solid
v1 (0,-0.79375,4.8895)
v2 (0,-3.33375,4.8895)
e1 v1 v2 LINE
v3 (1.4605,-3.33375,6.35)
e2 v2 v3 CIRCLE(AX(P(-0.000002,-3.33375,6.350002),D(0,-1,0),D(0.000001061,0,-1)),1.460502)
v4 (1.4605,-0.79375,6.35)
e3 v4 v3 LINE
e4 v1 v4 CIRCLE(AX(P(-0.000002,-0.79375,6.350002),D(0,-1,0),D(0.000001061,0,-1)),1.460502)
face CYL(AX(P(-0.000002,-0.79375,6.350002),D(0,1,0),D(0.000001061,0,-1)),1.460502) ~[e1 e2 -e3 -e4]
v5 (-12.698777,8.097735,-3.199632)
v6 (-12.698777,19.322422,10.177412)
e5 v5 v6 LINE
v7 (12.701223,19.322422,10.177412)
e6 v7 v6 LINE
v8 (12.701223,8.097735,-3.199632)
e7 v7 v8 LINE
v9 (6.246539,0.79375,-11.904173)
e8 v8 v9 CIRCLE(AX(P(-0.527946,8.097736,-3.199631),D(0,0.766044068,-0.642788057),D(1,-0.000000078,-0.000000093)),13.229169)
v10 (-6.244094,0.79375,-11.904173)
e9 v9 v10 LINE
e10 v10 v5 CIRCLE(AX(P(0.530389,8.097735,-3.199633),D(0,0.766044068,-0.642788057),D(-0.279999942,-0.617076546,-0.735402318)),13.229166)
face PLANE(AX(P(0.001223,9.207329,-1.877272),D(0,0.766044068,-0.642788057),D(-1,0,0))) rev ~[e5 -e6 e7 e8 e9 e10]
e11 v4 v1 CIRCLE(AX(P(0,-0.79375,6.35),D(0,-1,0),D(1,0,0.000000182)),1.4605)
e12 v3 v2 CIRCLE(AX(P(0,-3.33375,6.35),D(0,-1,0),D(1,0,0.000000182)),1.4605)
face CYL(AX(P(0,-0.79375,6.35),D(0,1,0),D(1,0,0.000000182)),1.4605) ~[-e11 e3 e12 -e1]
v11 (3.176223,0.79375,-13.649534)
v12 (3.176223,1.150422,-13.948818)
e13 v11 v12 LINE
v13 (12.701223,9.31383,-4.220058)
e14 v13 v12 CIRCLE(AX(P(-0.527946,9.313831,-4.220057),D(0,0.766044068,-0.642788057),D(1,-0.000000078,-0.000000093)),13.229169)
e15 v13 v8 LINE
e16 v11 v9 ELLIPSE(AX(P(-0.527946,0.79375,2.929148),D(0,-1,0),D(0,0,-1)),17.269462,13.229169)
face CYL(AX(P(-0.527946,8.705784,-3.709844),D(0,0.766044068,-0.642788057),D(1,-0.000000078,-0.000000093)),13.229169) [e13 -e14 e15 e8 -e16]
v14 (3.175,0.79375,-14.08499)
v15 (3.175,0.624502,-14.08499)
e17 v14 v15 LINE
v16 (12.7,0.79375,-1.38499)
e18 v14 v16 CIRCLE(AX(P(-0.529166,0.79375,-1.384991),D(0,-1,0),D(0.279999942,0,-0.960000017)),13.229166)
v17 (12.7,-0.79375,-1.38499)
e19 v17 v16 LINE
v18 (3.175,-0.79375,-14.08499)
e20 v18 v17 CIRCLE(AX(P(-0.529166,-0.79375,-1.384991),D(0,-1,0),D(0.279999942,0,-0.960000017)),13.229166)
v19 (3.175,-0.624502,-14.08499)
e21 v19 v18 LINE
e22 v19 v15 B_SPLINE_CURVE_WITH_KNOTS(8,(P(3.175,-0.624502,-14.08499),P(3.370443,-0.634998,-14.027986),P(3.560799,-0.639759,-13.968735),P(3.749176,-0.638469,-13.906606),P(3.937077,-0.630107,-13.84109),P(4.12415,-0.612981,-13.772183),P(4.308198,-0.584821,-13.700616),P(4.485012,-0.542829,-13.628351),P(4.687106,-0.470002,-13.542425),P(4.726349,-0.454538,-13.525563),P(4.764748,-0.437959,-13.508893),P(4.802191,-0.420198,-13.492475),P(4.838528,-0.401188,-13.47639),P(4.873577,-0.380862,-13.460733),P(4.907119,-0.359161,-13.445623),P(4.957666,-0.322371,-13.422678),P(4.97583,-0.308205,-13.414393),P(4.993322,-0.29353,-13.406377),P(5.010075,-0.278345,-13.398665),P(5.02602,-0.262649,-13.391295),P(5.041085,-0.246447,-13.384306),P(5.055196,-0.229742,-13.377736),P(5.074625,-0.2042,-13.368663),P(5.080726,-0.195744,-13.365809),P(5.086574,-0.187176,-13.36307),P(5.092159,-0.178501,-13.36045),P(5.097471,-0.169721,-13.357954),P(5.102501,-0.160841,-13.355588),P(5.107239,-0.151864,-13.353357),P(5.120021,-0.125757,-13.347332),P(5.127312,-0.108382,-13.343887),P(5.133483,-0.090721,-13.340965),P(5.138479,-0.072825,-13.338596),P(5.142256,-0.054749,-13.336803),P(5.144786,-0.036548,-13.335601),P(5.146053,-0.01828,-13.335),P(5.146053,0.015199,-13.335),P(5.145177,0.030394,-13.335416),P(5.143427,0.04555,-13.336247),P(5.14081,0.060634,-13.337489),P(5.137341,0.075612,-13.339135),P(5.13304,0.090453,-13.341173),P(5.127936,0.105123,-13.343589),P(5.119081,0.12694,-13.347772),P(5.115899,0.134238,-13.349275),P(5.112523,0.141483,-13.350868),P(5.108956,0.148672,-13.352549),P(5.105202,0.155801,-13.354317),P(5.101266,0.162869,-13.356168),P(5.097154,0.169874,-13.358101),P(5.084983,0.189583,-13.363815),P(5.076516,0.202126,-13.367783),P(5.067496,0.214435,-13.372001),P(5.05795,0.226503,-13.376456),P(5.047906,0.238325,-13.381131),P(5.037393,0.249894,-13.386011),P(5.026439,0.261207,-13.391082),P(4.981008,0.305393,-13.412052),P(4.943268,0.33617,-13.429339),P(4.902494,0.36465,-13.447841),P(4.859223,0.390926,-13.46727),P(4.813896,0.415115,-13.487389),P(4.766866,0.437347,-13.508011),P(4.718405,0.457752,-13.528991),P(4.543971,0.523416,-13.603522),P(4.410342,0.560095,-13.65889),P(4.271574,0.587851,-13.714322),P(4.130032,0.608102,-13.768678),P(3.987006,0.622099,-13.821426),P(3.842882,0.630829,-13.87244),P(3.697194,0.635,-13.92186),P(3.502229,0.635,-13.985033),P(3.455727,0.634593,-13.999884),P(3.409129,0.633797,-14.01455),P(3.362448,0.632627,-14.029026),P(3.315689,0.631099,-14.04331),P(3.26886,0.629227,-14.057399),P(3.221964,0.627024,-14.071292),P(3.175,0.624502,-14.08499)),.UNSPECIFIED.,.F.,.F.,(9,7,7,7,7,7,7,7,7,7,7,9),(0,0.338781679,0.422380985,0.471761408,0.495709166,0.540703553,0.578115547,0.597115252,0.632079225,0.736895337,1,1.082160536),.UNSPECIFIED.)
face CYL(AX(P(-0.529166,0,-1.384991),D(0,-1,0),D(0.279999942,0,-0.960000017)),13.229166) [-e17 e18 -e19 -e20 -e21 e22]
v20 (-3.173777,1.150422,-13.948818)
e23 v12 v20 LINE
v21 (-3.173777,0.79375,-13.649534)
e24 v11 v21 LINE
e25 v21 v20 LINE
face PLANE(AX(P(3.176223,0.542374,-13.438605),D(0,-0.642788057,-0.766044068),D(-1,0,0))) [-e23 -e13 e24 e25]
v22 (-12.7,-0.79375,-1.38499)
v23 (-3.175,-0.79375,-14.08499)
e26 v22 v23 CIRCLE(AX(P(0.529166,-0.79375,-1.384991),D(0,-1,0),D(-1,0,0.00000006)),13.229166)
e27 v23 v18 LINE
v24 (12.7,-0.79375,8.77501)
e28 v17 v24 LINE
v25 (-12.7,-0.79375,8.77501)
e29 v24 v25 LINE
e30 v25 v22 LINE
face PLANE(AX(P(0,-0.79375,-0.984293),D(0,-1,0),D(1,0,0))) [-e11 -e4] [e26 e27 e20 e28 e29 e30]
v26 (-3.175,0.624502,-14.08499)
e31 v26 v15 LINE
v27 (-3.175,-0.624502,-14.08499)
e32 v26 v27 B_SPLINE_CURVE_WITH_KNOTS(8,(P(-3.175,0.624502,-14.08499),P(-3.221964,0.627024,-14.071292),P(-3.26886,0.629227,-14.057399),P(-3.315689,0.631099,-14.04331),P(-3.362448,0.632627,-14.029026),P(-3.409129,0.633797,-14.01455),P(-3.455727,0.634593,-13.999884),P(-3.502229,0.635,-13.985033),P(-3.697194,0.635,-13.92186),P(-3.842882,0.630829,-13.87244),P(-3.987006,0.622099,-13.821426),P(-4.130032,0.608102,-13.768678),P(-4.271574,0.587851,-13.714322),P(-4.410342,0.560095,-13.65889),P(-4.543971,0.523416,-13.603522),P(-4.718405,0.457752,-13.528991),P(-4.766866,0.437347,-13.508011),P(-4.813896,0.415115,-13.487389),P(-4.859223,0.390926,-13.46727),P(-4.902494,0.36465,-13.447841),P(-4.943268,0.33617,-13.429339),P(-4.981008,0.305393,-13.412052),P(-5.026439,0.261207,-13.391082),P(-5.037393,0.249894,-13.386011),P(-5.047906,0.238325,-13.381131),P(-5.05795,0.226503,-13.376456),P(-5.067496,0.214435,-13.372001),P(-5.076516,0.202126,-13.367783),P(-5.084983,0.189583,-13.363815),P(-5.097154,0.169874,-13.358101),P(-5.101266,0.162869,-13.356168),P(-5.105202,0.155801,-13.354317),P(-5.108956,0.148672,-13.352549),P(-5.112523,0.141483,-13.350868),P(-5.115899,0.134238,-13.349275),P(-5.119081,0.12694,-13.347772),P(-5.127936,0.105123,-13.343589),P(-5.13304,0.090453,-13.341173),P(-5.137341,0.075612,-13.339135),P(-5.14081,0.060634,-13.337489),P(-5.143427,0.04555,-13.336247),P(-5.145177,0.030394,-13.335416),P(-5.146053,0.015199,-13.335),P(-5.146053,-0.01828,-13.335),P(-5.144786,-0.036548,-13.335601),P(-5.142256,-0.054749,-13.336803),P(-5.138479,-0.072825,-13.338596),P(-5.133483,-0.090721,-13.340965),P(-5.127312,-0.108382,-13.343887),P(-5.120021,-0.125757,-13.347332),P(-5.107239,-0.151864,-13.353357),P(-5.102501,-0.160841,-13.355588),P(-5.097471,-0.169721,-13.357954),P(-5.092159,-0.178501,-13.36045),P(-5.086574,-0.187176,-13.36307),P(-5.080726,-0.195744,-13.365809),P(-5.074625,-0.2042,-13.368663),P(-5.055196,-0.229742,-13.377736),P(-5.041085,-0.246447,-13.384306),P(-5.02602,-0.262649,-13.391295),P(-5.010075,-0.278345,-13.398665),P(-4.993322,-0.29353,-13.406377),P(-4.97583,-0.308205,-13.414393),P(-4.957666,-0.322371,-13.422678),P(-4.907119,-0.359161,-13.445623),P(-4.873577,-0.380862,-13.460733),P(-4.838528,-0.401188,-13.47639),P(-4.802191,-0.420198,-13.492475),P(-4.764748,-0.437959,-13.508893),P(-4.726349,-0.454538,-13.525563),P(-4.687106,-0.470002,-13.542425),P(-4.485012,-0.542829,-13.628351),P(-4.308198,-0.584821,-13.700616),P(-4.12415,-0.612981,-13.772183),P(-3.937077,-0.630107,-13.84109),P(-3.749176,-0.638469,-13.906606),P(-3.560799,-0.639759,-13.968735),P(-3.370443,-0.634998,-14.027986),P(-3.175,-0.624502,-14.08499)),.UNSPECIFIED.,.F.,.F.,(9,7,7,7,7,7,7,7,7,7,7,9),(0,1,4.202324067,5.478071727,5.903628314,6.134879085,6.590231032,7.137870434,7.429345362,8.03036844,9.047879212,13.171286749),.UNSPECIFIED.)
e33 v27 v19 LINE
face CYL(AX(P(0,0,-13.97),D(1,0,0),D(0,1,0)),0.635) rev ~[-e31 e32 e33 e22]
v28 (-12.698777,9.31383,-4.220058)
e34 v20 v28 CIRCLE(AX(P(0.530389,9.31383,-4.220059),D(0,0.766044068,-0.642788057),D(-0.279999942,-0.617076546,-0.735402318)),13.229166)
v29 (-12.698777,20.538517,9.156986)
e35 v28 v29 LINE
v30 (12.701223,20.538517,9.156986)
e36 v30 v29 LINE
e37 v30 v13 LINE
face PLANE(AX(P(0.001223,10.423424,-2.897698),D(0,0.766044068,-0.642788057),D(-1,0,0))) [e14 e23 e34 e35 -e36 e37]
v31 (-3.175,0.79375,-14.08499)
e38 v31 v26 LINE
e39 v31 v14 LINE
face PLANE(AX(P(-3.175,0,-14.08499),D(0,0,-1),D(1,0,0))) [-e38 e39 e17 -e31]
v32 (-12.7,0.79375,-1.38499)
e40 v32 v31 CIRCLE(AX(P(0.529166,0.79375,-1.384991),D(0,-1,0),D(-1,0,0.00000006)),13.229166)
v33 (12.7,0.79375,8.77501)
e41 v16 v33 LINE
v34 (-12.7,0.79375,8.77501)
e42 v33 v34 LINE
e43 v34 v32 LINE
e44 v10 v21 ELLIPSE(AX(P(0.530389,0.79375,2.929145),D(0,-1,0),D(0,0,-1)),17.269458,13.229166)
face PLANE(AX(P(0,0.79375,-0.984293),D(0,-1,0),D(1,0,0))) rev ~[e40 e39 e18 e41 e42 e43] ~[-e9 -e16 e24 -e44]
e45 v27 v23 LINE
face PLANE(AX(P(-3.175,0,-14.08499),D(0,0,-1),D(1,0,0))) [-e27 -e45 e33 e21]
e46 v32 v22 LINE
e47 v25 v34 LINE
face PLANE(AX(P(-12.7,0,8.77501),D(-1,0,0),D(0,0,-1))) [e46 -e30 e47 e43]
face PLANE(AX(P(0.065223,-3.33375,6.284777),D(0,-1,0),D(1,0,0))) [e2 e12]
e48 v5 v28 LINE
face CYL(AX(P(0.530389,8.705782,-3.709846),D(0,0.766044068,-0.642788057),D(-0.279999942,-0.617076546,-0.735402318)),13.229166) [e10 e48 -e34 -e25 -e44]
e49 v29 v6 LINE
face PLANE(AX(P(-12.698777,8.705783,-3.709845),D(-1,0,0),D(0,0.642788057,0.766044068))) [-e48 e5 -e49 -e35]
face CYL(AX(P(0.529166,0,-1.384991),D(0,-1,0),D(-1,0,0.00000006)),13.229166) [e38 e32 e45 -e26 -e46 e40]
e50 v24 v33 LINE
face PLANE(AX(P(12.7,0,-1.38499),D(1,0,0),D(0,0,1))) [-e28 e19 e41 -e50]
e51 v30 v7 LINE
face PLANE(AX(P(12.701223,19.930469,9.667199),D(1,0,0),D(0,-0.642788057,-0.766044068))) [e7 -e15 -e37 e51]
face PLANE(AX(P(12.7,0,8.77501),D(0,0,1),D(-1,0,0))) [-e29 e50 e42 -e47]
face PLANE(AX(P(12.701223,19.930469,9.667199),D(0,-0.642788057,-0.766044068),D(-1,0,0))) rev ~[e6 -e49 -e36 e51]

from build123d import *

# Parameters (mm, degrees)
F2_W     = 25.4
F2_H     = 4.7625
F3_DEPTH = 0.79375
F4_DEPTH = 0.79375
F5_R     = 0.635
F6_DEPTH = 25.4
F8_DEPTH = 2.54


with BuildPart() as f3:
    # F2 (on face) → F3 (new body, symmetric)
    with BuildSketch(Plane(origin=(0, 6.935504, -5.819579), x_dir=(-1, 0, 0), z_dir=(0, 0.766044, -0.642788))):
        with BuildLine():
            Line((-12.701223, 15.454063), (-12.701223, 2.754063))
            ThreePointArc((-12.701223, 2.754063), (-10.055389, -5.183437), (-3.176223, -9.945937))
            Line((-3.176223, -9.945937), (-0.001223, -9.945937))
            Line((-0.001223, -9.945937), (3.173777, -9.945937))
            ThreePointArc((3.173777, -9.945937), (10.052944, -5.183437), (12.698777, 2.754063))
            Line((12.698777, 2.754063), (12.698777, 15.454063))
            Line((12.698777, 15.454063), (-12.701223, 15.454063))
        make_face()
        with Locations((-0.001223, 17.835313)):
            Rectangle(F2_W, F2_H)
    extrude(amount=F3_DEPTH, both=True)

    # F0 (on Front) → F4 (join, symmetric)
    with BuildSketch(Plane.XZ):
        with BuildLine():
            Line((-12.7, 8.77501), (-12.7, -1.38499))
            ThreePointArc((-12.7, -1.38499), (-10.054167, -9.32249), (-3.175, -14.08499))
            Line((-3.175, -14.08499), (0, -14.08499))
            Line((0, -14.08499), (3.175, -14.08499))
            ThreePointArc((3.175, -14.08499), (10.054167, -9.32249), (12.7, -1.38499))
            Line((12.7, -1.38499), (12.7, 8.77501))
            Line((12.7, 8.77501), (-12.7, 8.77501))
        make_face()
    extrude(amount=F4_DEPTH, both=True)

    # F5 (on Right) → F6 (cut, symmetric)
    with BuildSketch(Plane.YZ):
        with Locations((0, -13.97)):
            Circle(F5_R)
    extrude(amount=F6_DEPTH, both=True, mode=Mode.SUBTRACT)

    # F7 (on face) → F8 (join)
    with BuildSketch(Plane.XZ.offset(0.79375)):
        with BuildLine():
            ThreePointArc((0, 4.8895), (1.032729, 5.317271), (1.4605, 6.35))
            ThreePointArc((1.4605, 6.35), (-1.032729, 7.382729), (0, 4.8895))
        make_face()
    extrude(amount=F8_DEPTH)


solid = f3.part
